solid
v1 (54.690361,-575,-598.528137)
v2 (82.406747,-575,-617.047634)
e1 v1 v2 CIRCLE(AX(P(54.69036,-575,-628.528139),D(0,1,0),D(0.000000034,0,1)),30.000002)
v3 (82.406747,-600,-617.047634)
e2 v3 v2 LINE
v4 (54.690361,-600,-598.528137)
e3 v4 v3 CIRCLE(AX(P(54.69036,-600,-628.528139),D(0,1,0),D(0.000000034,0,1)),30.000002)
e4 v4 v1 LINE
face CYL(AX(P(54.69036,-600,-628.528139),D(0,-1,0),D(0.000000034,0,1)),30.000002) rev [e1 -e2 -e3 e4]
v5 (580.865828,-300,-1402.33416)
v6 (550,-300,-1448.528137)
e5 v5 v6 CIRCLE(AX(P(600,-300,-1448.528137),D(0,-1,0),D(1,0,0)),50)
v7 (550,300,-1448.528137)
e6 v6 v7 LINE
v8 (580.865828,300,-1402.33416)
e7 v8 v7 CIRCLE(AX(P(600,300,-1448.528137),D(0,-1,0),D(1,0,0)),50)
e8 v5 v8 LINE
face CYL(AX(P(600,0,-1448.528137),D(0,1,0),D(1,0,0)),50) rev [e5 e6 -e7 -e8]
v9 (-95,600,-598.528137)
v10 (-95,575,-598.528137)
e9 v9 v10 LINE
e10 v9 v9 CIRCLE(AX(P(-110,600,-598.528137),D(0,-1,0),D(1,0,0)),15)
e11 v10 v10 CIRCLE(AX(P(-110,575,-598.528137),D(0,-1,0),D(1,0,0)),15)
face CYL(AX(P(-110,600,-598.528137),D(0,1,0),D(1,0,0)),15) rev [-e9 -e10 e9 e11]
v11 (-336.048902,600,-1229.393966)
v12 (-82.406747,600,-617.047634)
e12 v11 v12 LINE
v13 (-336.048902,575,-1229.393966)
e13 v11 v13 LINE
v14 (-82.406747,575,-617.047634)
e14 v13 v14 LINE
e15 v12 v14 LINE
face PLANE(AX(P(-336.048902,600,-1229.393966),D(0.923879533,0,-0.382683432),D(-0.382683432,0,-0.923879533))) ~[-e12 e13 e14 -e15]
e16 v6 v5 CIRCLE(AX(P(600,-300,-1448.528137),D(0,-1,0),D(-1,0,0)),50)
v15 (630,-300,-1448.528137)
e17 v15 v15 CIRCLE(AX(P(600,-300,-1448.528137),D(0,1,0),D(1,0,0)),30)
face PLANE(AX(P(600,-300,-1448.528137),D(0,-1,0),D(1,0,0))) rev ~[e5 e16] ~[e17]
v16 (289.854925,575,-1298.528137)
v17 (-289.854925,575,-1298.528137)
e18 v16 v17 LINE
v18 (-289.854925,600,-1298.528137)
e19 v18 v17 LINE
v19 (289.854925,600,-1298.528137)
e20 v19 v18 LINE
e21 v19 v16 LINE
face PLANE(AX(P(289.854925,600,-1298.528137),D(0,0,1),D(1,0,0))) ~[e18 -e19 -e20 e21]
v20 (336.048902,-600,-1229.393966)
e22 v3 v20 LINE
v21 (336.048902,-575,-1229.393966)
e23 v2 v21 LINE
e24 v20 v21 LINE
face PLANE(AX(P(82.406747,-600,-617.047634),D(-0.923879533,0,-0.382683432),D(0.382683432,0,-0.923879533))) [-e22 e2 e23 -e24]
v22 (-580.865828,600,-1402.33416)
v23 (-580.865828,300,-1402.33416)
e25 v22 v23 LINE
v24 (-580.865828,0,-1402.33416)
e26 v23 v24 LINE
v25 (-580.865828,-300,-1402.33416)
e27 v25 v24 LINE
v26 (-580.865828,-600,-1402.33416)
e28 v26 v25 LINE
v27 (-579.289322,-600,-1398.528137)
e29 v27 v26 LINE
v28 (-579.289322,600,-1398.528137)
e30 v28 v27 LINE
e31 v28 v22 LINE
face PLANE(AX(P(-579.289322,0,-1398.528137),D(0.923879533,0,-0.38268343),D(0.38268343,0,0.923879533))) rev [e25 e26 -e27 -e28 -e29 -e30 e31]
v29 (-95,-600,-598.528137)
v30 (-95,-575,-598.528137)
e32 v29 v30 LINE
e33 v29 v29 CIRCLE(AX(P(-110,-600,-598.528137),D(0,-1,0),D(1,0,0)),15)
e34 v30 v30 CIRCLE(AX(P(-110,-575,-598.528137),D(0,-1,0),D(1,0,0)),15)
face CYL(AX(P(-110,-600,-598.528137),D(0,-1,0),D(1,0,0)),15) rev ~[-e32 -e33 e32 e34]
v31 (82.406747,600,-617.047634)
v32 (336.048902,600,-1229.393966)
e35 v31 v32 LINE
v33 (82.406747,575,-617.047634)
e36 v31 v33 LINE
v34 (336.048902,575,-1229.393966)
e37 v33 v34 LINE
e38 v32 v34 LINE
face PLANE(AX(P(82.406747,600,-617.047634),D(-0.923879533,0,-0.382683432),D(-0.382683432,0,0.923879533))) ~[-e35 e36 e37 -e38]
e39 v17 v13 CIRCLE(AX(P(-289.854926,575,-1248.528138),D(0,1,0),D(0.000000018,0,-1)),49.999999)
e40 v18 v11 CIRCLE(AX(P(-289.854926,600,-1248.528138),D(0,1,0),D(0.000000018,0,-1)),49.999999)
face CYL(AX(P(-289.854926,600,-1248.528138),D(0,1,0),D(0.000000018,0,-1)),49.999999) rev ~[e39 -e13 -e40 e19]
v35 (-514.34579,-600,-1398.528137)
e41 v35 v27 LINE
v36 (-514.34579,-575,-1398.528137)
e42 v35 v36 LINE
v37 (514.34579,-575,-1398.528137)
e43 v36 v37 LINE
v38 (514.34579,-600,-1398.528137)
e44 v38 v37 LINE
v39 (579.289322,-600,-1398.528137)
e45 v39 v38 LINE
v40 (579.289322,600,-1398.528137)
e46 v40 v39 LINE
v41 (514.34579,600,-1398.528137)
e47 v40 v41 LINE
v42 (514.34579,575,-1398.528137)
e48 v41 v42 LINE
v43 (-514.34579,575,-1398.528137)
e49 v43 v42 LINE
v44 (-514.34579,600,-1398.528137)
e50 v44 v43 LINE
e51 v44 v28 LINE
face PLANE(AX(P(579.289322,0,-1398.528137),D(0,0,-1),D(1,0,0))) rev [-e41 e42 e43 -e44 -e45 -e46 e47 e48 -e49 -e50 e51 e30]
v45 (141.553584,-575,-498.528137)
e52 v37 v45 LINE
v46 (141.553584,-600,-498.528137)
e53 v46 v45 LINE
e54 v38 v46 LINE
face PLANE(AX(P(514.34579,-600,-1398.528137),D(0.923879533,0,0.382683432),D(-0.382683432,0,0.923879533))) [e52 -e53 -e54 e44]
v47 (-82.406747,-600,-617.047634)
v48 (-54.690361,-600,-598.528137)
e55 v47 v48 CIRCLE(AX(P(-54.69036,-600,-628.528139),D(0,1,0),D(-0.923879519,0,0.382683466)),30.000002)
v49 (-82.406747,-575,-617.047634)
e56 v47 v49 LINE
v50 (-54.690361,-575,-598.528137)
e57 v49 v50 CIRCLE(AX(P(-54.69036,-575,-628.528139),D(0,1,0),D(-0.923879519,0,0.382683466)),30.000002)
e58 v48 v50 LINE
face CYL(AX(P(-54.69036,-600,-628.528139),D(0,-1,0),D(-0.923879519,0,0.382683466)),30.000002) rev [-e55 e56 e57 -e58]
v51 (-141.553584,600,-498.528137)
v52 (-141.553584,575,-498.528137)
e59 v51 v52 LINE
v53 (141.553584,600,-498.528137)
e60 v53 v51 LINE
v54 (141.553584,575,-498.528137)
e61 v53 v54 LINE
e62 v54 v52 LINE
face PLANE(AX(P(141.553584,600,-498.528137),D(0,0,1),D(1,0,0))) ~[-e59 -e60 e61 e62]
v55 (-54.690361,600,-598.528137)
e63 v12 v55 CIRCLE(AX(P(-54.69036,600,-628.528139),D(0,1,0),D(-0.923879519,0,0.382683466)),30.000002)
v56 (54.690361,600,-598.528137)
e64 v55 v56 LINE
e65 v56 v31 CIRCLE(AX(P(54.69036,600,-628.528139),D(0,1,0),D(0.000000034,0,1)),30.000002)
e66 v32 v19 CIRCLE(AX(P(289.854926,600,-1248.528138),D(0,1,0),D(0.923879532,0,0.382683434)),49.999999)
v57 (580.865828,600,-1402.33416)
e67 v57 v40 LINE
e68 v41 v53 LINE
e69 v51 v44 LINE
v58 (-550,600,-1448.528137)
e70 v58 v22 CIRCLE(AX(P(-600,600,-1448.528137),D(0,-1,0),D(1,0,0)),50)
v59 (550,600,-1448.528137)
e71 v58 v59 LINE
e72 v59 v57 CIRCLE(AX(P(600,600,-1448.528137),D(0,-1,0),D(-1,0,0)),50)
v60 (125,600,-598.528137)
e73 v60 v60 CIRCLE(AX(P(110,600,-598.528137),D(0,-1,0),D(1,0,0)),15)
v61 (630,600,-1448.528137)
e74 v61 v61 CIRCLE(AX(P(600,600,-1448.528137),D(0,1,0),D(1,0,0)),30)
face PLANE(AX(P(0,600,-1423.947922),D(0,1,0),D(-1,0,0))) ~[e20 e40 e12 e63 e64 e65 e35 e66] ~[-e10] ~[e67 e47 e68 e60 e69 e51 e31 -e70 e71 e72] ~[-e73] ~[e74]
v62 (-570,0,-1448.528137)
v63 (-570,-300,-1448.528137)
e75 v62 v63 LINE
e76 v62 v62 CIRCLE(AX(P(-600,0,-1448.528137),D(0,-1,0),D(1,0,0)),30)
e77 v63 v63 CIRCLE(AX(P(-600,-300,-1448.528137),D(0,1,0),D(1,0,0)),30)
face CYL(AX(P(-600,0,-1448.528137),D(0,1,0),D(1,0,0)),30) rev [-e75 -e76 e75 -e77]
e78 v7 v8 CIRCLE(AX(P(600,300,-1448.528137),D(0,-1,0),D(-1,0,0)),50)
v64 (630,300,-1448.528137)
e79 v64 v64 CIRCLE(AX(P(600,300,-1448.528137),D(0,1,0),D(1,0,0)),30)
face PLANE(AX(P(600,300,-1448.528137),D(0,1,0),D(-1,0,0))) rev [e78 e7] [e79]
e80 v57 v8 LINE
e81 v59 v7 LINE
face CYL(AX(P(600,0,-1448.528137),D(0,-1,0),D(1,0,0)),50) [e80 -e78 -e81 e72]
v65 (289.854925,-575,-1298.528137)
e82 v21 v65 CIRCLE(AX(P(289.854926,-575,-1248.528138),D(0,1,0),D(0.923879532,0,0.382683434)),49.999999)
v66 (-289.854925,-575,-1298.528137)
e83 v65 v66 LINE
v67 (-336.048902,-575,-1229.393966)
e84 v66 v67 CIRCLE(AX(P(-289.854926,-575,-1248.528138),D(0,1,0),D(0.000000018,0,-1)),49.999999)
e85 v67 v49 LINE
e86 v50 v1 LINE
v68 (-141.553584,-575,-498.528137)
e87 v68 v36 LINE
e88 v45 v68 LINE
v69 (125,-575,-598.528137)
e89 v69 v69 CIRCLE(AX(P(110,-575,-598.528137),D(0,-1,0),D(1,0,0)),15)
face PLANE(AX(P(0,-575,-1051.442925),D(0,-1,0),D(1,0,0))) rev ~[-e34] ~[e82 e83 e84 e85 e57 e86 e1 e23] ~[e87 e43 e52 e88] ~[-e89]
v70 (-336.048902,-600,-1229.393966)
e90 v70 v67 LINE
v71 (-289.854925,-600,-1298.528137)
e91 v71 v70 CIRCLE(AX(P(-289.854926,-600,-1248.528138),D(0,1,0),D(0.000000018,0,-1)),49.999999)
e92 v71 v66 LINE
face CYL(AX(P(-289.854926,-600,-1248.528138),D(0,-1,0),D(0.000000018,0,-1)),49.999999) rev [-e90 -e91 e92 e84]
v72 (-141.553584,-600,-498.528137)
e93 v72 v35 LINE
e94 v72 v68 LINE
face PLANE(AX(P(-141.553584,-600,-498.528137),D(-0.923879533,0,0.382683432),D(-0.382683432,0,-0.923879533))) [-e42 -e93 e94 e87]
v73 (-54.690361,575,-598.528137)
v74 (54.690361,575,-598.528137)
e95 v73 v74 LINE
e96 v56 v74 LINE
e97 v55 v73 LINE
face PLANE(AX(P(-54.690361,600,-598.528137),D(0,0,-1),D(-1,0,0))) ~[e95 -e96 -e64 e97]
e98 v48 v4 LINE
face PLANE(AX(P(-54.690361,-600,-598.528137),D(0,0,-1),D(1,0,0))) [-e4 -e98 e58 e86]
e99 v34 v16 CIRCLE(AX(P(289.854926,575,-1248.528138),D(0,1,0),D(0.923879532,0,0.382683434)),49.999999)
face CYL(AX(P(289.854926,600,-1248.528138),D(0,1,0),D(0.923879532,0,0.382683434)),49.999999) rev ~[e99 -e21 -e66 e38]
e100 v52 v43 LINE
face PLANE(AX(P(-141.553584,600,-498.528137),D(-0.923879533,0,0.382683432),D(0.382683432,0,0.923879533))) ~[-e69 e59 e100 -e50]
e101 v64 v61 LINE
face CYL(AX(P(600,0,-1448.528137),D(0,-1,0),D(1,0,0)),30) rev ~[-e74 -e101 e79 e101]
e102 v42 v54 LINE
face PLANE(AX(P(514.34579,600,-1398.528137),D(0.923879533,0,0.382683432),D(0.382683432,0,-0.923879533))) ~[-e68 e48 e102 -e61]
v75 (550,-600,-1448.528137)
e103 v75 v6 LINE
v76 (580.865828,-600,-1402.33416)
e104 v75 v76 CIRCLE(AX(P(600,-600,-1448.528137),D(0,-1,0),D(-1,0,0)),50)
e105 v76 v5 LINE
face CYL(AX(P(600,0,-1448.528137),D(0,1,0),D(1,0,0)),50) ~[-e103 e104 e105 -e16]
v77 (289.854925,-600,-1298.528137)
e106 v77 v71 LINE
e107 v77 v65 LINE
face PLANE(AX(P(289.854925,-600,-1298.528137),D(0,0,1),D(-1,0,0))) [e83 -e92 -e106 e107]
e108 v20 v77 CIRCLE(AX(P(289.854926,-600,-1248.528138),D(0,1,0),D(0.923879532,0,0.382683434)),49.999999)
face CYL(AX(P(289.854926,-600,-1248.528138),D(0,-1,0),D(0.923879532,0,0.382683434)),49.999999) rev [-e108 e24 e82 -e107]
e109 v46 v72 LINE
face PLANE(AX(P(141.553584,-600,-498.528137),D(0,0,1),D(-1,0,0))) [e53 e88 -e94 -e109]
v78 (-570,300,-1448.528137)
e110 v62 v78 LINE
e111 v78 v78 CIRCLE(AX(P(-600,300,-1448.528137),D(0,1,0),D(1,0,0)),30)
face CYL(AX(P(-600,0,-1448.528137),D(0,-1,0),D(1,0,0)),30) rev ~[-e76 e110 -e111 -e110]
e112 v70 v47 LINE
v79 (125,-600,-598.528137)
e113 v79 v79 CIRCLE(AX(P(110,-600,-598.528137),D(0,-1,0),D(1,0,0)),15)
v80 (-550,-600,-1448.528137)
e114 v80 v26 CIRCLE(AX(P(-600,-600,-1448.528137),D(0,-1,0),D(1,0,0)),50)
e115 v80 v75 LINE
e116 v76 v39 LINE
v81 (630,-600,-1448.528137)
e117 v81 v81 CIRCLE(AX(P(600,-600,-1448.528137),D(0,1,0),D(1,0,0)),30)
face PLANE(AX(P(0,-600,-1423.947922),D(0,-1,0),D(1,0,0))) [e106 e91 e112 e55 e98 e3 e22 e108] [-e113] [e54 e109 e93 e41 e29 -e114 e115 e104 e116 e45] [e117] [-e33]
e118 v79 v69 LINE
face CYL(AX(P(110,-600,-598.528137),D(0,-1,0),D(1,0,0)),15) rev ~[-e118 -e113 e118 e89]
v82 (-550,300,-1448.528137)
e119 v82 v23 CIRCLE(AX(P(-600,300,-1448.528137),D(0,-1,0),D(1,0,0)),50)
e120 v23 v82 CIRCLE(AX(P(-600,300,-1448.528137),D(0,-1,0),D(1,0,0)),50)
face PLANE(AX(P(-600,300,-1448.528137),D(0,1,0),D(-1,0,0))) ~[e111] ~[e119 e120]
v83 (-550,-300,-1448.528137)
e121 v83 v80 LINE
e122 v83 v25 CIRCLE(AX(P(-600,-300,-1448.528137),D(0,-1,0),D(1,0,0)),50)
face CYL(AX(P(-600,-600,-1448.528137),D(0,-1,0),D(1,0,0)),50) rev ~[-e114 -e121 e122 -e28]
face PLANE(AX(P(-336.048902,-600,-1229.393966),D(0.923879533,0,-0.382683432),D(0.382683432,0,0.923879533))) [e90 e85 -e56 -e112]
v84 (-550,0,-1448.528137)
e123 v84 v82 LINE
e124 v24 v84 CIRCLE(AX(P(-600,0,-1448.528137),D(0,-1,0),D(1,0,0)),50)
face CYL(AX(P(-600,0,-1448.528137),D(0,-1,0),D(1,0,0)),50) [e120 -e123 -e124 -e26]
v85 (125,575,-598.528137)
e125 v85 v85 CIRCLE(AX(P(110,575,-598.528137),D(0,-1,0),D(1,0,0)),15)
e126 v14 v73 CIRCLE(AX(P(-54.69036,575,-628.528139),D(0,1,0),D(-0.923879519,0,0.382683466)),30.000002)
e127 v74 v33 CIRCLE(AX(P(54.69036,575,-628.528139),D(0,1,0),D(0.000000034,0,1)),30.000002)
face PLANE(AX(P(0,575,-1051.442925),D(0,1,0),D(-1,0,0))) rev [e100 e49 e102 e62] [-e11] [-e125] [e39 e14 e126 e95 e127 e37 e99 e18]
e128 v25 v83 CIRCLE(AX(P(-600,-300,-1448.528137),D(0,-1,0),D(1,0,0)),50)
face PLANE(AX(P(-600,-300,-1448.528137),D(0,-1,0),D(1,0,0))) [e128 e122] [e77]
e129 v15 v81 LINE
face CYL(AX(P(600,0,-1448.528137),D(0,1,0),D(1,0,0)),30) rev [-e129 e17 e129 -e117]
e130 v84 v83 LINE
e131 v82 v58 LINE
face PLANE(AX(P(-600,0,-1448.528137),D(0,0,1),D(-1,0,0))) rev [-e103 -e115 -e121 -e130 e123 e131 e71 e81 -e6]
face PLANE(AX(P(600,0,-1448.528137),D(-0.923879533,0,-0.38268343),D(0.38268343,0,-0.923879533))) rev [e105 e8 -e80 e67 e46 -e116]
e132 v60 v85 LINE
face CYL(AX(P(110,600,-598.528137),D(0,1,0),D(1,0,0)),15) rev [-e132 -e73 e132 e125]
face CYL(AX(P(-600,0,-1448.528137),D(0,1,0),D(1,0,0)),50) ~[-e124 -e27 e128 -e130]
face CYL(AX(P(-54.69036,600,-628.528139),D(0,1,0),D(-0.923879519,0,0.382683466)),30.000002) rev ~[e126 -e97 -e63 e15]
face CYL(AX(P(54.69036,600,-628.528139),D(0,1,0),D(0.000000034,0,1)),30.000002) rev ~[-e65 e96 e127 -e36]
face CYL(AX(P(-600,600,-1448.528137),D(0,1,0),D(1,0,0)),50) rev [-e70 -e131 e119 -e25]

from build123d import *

# Parameters (mm, degrees)
F2_DEPTH  = 600
F3_R      = 50
F4_DEPTH  = 600
F5_R      = 50
F6_DEPTH  = 300
F7_R      = 50
F8_DEPTH  = 300
F9_R      = 30
F10_DEPTH = 600.001
F11_R     = 15
F12_DEPTH = 25


with BuildPart() as f2:
    # F1 (on Front) → F2 (new body)
    with BuildSketch(Plane.XZ):
        Polygon((-579.289322, -1398.528137), (-600, -1448.528137), (600, -1448.528137), (579.289322, -1398.528137), align=None)
    extrude(amount=F2_DEPTH)

    # F3 (on face) → F4 (join, through all)
    with BuildSketch(Plane.XZ):
        with Locations((-600, -1448.528137)):
            Circle(F3_R)
        with Locations((600, -1448.528137)):
            Circle(F3_R)
    extrude(amount=F4_DEPTH)

    # F5 (on Front) → F6 (cut, symmetric)
    with BuildSketch(Plane.XZ):
        with Locations((600, -1448.528137)):
            Circle(F5_R)
    extrude(amount=F6_DEPTH, both=True, mode=Mode.SUBTRACT)

    # F7 (on face) → F8 (cut, through all)
    with BuildSketch(Plane.XZ.offset(600)):
        with Locations((-600, -1448.528137)):
            Circle(F7_R)
    extrude(amount=-F8_DEPTH, mode=Mode.SUBTRACT)

    # F9 (on Front) → F10 (cut, through all)
    with BuildSketch(Plane.XZ):
        with Locations((-600, -1448.528137)):
            Circle(F9_R)
        with Locations((600, -1448.528137)):
            Circle(F9_R)
    extrude(amount=F10_DEPTH, mode=Mode.SUBTRACT)

    # F11 (on face) → F12 (join)
    with BuildSketch(Plane.XZ.offset(600)):
        Polygon((141.553584, -498.528137), (-141.553584, -498.528137), (-514.34579, -1398.528137), (514.34579, -1398.528137), align=None)
        with BuildLine():
            Line((-336.048902, -1229.393966), (-82.406747, -617.047634))
            ThreePointArc((-82.406747, -617.047634), (-71.357468, -603.584049), (-54.690361, -598.528137))
            Line((-54.690361, -598.528137), (54.690361, -598.528137))
            ThreePointArc((54.690361, -598.528137), (71.357468, -603.584049), (82.406747, -617.047634))
            Line((82.406747, -617.047634), (336.048902, -1229.393966))
            ThreePointArc((336.048902, -1229.393966), (331.428406, -1276.306649), (289.854925, -1298.528137))
            Line((289.854925, -1298.528137), (-289.854925, -1298.528137))
            ThreePointArc((-289.854925, -1298.528137), (-331.428406, -1276.306649), (-336.048902, -1229.393966))
        make_face(mode=Mode.SUBTRACT)
        with Locations((-110, -598.528137)):
            Circle(F11_R, mode=Mode.SUBTRACT)
        with Locations((110, -598.528137)):
            Circle(F11_R, mode=Mode.SUBTRACT)
    extrude(amount=-F12_DEPTH)

    # F13: F2 across plane


with BuildPart() as f2_1:
    add(f2.part)
    add(f2.part.mirror(Plane.XZ))


solid = f2_1.part
